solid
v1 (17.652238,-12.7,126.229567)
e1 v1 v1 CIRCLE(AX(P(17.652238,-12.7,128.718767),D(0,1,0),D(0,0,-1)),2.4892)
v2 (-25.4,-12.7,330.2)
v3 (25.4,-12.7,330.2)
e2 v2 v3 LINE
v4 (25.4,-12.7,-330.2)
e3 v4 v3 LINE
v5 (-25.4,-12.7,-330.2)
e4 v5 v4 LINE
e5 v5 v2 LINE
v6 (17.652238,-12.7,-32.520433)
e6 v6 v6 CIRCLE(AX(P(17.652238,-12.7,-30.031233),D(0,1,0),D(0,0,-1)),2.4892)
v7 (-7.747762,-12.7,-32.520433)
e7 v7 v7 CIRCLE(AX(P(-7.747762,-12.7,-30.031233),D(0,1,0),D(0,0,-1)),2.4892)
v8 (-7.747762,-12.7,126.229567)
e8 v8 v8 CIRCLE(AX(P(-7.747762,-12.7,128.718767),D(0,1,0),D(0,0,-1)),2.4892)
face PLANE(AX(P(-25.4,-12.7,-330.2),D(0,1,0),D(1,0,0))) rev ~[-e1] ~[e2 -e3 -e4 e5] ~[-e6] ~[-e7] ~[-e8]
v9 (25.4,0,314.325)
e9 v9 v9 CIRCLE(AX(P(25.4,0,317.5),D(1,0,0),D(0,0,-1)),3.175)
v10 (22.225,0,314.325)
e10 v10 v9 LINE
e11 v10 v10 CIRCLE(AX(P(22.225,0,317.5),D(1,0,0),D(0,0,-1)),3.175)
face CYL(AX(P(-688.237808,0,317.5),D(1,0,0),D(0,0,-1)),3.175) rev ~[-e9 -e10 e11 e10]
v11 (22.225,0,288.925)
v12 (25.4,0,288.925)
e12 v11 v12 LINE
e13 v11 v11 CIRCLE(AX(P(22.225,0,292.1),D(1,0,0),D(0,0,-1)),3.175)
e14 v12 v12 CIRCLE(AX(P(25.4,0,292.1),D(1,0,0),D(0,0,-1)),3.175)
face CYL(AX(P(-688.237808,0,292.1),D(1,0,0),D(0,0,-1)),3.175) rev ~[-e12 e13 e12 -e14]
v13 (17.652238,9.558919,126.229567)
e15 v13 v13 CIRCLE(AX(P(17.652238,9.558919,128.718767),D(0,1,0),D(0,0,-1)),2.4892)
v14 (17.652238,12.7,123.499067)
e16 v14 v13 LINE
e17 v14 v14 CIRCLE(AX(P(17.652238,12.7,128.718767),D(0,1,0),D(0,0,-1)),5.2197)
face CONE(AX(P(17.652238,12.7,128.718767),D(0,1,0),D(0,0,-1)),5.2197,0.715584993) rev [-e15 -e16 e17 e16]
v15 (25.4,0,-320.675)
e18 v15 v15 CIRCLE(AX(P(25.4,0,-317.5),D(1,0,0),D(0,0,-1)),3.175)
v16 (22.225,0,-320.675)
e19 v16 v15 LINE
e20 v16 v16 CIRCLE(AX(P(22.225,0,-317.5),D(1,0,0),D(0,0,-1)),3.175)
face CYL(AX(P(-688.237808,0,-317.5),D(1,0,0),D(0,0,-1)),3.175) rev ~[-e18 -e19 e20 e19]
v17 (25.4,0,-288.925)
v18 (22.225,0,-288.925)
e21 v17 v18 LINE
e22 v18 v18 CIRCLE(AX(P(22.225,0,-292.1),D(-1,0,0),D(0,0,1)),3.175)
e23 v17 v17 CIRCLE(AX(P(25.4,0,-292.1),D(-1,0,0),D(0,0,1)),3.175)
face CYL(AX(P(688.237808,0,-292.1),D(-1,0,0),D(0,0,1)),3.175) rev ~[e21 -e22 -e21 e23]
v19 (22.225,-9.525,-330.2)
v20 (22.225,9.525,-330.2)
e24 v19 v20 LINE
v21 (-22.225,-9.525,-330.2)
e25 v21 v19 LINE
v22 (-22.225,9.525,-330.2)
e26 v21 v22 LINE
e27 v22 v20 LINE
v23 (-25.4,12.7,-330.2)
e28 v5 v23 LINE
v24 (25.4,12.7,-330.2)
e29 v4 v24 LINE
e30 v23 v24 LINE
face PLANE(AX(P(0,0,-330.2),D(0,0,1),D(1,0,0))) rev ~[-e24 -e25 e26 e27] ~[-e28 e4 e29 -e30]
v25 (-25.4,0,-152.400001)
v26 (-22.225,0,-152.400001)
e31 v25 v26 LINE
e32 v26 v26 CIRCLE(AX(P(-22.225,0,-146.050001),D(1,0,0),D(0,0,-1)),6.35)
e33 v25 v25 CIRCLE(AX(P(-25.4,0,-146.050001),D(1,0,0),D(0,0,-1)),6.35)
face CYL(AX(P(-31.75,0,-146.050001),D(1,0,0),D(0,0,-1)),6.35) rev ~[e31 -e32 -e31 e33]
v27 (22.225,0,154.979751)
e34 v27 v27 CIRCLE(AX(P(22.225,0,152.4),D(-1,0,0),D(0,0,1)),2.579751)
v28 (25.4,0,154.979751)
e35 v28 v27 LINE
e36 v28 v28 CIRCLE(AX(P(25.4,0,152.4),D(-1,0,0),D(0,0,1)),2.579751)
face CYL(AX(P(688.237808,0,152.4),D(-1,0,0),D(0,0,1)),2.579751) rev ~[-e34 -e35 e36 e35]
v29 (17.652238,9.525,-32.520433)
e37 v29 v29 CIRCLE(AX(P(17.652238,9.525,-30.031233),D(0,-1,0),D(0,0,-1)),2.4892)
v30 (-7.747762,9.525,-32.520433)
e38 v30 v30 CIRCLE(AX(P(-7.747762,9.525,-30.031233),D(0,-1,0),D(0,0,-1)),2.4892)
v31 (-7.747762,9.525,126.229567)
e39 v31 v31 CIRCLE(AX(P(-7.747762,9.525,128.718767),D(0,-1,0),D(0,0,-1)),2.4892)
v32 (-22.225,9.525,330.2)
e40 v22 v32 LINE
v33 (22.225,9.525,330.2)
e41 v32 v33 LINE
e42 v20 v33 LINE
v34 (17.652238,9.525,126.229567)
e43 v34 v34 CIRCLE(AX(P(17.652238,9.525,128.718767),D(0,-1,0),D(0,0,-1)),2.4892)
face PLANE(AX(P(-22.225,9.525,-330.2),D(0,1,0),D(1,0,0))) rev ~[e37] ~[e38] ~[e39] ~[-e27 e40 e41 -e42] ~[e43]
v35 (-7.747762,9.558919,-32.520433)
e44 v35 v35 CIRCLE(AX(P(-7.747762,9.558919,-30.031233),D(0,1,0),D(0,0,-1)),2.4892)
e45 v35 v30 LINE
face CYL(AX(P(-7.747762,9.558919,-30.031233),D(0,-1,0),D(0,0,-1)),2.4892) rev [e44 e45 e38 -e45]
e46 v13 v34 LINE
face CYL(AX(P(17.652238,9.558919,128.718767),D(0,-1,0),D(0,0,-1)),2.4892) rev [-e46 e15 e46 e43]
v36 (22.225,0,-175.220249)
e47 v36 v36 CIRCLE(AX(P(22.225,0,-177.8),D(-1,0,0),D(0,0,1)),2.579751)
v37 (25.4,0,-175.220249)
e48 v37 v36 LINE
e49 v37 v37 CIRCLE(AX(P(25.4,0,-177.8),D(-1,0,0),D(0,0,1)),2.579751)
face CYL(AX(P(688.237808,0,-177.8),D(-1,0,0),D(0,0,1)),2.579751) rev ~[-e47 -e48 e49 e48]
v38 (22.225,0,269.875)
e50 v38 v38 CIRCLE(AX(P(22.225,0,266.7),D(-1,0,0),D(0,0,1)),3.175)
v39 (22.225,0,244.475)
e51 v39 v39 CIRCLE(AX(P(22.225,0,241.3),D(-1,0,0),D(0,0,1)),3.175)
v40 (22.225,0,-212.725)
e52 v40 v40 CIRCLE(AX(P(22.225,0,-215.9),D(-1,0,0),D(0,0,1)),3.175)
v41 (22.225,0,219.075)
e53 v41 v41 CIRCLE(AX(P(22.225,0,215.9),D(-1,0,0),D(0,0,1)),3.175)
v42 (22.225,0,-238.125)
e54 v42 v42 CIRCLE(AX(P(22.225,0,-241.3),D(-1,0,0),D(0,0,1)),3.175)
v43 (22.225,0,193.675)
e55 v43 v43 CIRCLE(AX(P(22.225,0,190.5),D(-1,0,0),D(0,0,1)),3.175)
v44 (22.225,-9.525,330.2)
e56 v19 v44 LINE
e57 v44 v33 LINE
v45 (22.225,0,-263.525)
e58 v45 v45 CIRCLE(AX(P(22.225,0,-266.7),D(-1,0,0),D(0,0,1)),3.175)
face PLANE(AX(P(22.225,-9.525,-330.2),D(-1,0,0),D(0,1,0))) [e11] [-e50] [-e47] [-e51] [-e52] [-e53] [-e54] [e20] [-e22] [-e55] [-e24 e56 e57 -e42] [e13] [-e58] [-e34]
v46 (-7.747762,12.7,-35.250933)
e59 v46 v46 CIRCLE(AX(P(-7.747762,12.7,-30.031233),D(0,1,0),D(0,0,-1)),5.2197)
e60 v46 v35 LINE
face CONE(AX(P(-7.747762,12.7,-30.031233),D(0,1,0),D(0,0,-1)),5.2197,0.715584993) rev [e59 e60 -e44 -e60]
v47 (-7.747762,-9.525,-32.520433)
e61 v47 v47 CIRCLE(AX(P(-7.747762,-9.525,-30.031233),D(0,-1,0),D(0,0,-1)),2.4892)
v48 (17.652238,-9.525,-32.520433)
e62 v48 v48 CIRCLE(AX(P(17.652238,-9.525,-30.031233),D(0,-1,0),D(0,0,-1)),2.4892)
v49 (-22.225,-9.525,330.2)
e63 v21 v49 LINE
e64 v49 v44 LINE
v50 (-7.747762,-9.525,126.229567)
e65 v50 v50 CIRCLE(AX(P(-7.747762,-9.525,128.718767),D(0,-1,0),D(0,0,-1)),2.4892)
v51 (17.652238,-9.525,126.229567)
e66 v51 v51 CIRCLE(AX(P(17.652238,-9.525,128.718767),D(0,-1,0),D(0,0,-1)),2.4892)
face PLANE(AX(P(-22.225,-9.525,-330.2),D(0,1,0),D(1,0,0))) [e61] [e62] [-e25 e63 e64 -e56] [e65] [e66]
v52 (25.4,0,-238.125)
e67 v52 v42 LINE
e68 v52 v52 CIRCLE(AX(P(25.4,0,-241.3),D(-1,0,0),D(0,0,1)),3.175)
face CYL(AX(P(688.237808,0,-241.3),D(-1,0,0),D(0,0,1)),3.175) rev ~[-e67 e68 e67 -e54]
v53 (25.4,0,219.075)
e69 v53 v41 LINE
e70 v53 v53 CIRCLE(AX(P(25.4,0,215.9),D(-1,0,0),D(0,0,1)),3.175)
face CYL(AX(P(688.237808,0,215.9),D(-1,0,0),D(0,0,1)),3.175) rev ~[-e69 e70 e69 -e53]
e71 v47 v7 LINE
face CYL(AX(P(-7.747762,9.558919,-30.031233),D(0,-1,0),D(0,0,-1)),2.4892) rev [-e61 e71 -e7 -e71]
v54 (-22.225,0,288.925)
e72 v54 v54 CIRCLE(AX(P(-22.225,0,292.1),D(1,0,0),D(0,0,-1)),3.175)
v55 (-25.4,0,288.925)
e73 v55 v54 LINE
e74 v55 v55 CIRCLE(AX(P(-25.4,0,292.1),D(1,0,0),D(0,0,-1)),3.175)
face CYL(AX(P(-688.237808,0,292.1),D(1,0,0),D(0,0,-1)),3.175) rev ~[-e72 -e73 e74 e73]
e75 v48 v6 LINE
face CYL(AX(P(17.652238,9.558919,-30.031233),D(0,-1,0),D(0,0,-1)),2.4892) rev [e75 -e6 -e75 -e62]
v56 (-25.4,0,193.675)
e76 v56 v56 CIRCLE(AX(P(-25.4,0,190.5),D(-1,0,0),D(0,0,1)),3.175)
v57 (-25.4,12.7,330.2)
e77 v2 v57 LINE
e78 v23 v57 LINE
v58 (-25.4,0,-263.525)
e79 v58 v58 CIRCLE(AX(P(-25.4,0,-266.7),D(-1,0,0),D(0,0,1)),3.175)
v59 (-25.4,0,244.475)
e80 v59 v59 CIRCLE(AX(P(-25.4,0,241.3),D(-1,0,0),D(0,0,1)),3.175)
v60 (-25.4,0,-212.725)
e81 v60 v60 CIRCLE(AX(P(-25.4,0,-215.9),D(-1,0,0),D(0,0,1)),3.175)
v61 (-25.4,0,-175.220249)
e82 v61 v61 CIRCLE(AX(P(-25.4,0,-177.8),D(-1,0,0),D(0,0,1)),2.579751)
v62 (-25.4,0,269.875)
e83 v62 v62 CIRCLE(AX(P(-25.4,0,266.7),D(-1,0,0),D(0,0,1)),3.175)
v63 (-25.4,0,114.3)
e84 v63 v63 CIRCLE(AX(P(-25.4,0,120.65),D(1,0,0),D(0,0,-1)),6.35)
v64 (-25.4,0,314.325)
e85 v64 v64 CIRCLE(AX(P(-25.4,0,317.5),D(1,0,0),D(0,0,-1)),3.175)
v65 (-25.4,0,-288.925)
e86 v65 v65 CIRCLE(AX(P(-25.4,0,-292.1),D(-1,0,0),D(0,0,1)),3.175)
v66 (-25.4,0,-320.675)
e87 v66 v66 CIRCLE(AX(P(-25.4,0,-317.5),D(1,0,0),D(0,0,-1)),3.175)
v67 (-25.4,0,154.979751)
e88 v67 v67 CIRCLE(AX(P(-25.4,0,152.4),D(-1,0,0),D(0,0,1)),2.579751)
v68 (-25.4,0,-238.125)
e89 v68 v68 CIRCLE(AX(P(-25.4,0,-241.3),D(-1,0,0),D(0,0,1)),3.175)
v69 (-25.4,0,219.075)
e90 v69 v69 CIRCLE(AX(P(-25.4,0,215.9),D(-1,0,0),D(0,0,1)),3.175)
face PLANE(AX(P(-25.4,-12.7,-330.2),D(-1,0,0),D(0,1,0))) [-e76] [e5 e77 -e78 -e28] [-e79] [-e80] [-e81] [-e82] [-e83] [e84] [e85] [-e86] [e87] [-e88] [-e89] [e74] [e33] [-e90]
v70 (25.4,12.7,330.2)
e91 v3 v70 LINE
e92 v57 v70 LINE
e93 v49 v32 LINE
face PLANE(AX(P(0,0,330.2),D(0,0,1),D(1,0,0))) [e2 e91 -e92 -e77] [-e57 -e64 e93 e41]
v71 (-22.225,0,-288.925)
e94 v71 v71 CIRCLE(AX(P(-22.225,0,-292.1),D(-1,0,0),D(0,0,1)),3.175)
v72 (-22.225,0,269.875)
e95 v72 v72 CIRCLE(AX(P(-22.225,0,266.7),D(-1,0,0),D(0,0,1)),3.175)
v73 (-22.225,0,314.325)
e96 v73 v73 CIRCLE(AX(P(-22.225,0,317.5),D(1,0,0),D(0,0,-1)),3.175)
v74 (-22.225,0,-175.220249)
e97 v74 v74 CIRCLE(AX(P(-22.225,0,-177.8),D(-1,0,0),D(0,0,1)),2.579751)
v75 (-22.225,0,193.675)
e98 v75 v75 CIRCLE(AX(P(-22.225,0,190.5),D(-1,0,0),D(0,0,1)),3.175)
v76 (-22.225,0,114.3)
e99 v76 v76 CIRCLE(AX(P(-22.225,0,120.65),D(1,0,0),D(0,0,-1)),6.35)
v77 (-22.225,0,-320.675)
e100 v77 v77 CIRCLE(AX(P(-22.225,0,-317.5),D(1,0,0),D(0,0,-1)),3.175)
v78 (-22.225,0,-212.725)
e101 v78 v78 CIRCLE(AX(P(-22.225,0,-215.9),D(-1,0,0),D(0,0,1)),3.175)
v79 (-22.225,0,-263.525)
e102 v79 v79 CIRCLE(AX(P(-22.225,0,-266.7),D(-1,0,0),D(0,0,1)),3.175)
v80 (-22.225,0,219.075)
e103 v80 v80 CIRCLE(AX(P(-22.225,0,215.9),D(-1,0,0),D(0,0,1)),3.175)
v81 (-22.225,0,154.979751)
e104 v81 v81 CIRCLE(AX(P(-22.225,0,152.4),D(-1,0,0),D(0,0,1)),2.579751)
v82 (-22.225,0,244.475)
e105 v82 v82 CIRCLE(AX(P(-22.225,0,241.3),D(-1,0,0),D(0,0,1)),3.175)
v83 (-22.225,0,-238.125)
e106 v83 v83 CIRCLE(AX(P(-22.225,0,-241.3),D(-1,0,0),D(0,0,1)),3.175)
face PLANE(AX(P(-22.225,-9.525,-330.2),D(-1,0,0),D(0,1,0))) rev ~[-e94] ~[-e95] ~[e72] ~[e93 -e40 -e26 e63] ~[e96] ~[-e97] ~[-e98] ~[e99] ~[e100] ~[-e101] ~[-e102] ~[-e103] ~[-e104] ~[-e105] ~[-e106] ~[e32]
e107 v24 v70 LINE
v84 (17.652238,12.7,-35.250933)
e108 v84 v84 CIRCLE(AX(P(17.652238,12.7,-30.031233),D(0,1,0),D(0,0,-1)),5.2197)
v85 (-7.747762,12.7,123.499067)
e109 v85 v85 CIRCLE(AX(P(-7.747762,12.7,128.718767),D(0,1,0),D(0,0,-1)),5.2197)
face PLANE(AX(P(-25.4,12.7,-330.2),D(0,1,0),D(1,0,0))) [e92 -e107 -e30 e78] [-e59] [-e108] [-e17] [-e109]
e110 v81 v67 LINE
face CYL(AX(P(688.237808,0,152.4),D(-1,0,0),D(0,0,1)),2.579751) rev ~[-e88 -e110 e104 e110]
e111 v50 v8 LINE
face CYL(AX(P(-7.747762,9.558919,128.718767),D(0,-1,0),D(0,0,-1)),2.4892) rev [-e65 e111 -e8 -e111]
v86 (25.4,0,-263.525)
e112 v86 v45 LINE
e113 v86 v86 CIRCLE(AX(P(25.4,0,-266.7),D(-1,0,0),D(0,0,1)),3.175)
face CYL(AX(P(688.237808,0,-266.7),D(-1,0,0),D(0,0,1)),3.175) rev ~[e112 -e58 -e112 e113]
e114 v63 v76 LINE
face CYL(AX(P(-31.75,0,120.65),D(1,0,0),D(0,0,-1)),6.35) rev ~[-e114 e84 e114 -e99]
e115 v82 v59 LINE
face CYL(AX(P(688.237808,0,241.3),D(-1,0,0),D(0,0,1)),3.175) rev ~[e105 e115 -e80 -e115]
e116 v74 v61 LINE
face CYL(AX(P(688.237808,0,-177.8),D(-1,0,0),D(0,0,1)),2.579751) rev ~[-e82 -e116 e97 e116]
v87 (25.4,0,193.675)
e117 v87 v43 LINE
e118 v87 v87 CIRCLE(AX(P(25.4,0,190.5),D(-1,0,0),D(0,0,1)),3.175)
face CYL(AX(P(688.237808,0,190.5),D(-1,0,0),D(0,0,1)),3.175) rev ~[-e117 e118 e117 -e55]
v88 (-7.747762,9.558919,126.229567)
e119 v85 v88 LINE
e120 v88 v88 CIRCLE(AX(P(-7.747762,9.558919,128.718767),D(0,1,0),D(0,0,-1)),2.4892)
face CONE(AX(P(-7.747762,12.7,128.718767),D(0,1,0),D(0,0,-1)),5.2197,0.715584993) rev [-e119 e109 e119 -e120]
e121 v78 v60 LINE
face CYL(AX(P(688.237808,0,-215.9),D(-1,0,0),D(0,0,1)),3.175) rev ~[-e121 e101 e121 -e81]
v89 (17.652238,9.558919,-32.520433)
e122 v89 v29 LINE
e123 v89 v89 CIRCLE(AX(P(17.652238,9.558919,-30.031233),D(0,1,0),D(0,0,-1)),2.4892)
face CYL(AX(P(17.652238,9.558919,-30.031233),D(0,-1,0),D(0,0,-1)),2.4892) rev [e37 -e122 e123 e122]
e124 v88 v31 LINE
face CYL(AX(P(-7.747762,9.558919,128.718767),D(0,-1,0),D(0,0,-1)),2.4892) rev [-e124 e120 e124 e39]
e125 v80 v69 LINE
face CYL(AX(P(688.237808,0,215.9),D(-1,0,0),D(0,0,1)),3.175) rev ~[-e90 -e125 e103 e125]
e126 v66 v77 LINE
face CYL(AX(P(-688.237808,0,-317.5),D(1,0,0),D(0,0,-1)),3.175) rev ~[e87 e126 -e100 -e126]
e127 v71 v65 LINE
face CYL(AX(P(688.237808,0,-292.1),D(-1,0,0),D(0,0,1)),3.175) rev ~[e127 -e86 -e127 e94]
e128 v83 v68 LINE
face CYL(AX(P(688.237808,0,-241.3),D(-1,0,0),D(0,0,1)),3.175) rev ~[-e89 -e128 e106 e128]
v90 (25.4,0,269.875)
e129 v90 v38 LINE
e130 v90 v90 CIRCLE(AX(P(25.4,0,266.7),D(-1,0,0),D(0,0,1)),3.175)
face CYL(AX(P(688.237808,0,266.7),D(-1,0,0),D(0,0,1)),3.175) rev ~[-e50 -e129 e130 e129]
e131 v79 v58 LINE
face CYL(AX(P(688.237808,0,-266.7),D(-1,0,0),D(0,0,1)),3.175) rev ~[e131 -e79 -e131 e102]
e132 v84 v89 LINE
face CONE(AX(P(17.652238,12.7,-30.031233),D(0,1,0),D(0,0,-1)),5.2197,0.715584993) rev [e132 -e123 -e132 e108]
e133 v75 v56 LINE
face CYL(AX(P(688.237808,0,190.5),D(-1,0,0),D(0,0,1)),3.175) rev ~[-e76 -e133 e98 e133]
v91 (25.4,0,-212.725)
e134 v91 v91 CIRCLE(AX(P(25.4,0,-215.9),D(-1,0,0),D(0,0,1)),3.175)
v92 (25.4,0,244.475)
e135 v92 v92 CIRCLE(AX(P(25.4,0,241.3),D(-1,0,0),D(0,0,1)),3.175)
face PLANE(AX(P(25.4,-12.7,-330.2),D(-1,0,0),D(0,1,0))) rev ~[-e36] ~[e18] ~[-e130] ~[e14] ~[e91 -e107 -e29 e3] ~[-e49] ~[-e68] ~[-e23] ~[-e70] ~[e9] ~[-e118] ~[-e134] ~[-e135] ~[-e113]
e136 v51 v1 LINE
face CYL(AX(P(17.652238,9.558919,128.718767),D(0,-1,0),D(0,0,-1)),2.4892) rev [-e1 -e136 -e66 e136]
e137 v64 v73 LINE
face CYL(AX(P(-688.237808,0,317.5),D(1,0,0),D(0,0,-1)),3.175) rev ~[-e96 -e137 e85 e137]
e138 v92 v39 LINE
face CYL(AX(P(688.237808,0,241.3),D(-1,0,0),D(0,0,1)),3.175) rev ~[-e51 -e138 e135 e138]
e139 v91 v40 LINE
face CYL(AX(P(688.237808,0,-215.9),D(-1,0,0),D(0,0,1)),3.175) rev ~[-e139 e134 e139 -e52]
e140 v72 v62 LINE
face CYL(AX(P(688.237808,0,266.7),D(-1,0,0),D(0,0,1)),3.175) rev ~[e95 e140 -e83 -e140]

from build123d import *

# Parameters (mm, degrees)
BOSS_EXTRUDE1_DEPTH              = 330.2
BOSS_EXTRUDE1_DEPTH_BACK         = 330.2
SKETCH3_W                        = 50.8
SKETCH3_H                        = 25.4
SKETCH3_W_2                      = 44.45
SKETCH3_H_2                      = 19.05
F_1_4_0_25_DIAMETER_HOLE3_D      = 6.35
F_1_4_0_25_DIAMETER_HOLE4_D      = 6.35
F_1_4_0_25_DIAMETER_HOLE5_D      = 6.35
F_1_4_0_25_DIAMETER_HOLE6_D      = 6.35
F_1_4_0_25_DIAMETER_HOLE7_D      = 6.35
F_1_4_0_25_DIAMETER_HOLE8_D      = 6.35
F_13_64_0_20313_DIAMETER_HOLE1_D = 5.159502
F_1_2_0_5_DIAMETER_HOLE1_D       = 12.7
F_1_2_0_5_DIAMETER_HOLE1_DEPTH   = 6.35
F_1_2_0_5_DIAMETER_HOLE1_TIP     = 3.815464931
F_10_CLEARANCE_HOLE1_AT_2_COUNT  = 2
F_10_CLEARANCE_HOLE1_AT_2_PITCH  = 25.4
F_10_CLEARANCE_HOLE1_AT_3_COUNT  = 2
F_10_CLEARANCE_HOLE1_AT_3_PITCH  = 160.769159045
F_10_CLEARANCE_HOLE1_AT_4_COUNT  = 2
F_10_CLEARANCE_HOLE1_AT_4_PITCH  = 158.75


with BuildPart() as part:
    # Sketch3 → Boss-Extrude1 (new, two sides: drawn at the far end of the back side and taken through both)
    with BuildSketch(Plane.XY.offset(-BOSS_EXTRUDE1_DEPTH_BACK)):
        Rectangle(SKETCH3_W, SKETCH3_H)
        Rectangle(SKETCH3_W_2, SKETCH3_H_2, mode=Mode.SUBTRACT)
    extrude(amount=BOSS_EXTRUDE1_DEPTH + BOSS_EXTRUDE1_DEPTH_BACK)

    # 1/4 (0.25) Diameter Hole3 (through all)
    with Locations(Plane.ZY.offset(25.4)):
        with Locations((-317.5, 0)):
            Hole(F_1_4_0_25_DIAMETER_HOLE3_D / 2)

    # 1/4 (0.25) Diameter Hole4 (through all)
    with Locations(Plane.ZY.offset(25.4)):
        with Locations((292.1, 0), (317.5, 0)):
            Hole(F_1_4_0_25_DIAMETER_HOLE4_D / 2)

    # 1/4 (0.25) Diameter Hole5 (through all)
    with Locations(Plane(origin=(25.4, 0, 0), x_dir=(0, 0, -1), z_dir=(1, 0, 0))):
        with Locations((292.1, 0), (266.7, 0)):
            Hole(F_1_4_0_25_DIAMETER_HOLE5_D / 2)

    # 1/4 (0.25) Diameter Hole6 (through all)
    with Locations(Plane(origin=(25.4, 0, 0), x_dir=(0, 0, -1), z_dir=(1, 0, 0))):
        with Locations((215.9, 0), (241.3, 0)):
            Hole(F_1_4_0_25_DIAMETER_HOLE6_D / 2)

    # 1/4 (0.25) Diameter Hole7 (through all)
    with Locations(Plane(origin=(25.4, 0, 0), x_dir=(0, 0, -1), z_dir=(1, 0, 0))):
        with Locations((-190.5, 0), (-215.9, 0)):
            Hole(F_1_4_0_25_DIAMETER_HOLE7_D / 2)

    # 1/4 (0.25) Diameter Hole8 (through all)
    with Locations(Plane(origin=(25.4, 0, 0), x_dir=(0, 0, -1), z_dir=(1, 0, 0))):
        with Locations((-266.7, 0), (-241.3, 0)):
            Hole(F_1_4_0_25_DIAMETER_HOLE8_D / 2)

    # 13/64 (0.20313) Diameter Hole1 (through all)
    with Locations(Plane(origin=(25.4, 0, 0), x_dir=(0, 0, -1), z_dir=(1, 0, 0))):
        with Locations((-152.4, 0), (177.8, 0)):
            Hole(F_13_64_0_20313_DIAMETER_HOLE1_D / 2)

    # 1/2 (0.5) Diameter Hole1
    with Locations(Plane.ZY.offset(25.4)):
        with Locations((-146.050000508, 4.9e-08), (120.65, 1.7e-08)):
            Hole(F_1_2_0_5_DIAMETER_HOLE1_D / 2, depth=F_1_2_0_5_DIAMETER_HOLE1_DEPTH)
            with Locations((0, 0, -(F_1_2_0_5_DIAMETER_HOLE1_DEPTH + F_1_2_0_5_DIAMETER_HOLE1_TIP / 2))):  # 118° drill point
                Cone(0, F_1_2_0_5_DIAMETER_HOLE1_D / 2, F_1_2_0_5_DIAMETER_HOLE1_TIP, mode=Mode.SUBTRACT)

    # Sketch39 → #10 Clearance Hole1 (revolve, cut)
    with BuildSketch(Plane(origin=(-7.747762, -12.7, -30.0312328), x_dir=(0, 0, -1), z_dir=(1, 0, 0))):
        Polygon((0, 0), (0, 25.4), (5.2197, 25.4), (2.4892, 22.258919064), (2.4892, 0), align=None)
    f_10_clearance_hole1 = revolve(axis=Axis((-7.747762, -19.05, -30.0312328), (0, 1, 0)), mode=Mode.SUBTRACT)

    # #10 Clearance Hole1 at 2: #10 Clearance Hole1 ×2
    with Locations(*[(i * F_10_CLEARANCE_HOLE1_AT_2_PITCH, 0, 0) for i in range(1, F_10_CLEARANCE_HOLE1_AT_2_COUNT)]):
        add(f_10_clearance_hole1, mode=Mode.SUBTRACT)

    # #10 Clearance Hole1 at 3: #10 Clearance Hole1 ×2
    with Locations(*[Vector(0.15799050110667284, 0, 0.9874406319167054) * (i * F_10_CLEARANCE_HOLE1_AT_3_PITCH) for i in range(1, F_10_CLEARANCE_HOLE1_AT_3_COUNT)]):
        add(f_10_clearance_hole1, mode=Mode.SUBTRACT)

    # #10 Clearance Hole1 at 4: #10 Clearance Hole1 ×2
    with Locations(*[(0, 0, i * F_10_CLEARANCE_HOLE1_AT_4_PITCH) for i in range(1, F_10_CLEARANCE_HOLE1_AT_4_COUNT)]):
        add(f_10_clearance_hole1, mode=Mode.SUBTRACT)


solid = part.part
